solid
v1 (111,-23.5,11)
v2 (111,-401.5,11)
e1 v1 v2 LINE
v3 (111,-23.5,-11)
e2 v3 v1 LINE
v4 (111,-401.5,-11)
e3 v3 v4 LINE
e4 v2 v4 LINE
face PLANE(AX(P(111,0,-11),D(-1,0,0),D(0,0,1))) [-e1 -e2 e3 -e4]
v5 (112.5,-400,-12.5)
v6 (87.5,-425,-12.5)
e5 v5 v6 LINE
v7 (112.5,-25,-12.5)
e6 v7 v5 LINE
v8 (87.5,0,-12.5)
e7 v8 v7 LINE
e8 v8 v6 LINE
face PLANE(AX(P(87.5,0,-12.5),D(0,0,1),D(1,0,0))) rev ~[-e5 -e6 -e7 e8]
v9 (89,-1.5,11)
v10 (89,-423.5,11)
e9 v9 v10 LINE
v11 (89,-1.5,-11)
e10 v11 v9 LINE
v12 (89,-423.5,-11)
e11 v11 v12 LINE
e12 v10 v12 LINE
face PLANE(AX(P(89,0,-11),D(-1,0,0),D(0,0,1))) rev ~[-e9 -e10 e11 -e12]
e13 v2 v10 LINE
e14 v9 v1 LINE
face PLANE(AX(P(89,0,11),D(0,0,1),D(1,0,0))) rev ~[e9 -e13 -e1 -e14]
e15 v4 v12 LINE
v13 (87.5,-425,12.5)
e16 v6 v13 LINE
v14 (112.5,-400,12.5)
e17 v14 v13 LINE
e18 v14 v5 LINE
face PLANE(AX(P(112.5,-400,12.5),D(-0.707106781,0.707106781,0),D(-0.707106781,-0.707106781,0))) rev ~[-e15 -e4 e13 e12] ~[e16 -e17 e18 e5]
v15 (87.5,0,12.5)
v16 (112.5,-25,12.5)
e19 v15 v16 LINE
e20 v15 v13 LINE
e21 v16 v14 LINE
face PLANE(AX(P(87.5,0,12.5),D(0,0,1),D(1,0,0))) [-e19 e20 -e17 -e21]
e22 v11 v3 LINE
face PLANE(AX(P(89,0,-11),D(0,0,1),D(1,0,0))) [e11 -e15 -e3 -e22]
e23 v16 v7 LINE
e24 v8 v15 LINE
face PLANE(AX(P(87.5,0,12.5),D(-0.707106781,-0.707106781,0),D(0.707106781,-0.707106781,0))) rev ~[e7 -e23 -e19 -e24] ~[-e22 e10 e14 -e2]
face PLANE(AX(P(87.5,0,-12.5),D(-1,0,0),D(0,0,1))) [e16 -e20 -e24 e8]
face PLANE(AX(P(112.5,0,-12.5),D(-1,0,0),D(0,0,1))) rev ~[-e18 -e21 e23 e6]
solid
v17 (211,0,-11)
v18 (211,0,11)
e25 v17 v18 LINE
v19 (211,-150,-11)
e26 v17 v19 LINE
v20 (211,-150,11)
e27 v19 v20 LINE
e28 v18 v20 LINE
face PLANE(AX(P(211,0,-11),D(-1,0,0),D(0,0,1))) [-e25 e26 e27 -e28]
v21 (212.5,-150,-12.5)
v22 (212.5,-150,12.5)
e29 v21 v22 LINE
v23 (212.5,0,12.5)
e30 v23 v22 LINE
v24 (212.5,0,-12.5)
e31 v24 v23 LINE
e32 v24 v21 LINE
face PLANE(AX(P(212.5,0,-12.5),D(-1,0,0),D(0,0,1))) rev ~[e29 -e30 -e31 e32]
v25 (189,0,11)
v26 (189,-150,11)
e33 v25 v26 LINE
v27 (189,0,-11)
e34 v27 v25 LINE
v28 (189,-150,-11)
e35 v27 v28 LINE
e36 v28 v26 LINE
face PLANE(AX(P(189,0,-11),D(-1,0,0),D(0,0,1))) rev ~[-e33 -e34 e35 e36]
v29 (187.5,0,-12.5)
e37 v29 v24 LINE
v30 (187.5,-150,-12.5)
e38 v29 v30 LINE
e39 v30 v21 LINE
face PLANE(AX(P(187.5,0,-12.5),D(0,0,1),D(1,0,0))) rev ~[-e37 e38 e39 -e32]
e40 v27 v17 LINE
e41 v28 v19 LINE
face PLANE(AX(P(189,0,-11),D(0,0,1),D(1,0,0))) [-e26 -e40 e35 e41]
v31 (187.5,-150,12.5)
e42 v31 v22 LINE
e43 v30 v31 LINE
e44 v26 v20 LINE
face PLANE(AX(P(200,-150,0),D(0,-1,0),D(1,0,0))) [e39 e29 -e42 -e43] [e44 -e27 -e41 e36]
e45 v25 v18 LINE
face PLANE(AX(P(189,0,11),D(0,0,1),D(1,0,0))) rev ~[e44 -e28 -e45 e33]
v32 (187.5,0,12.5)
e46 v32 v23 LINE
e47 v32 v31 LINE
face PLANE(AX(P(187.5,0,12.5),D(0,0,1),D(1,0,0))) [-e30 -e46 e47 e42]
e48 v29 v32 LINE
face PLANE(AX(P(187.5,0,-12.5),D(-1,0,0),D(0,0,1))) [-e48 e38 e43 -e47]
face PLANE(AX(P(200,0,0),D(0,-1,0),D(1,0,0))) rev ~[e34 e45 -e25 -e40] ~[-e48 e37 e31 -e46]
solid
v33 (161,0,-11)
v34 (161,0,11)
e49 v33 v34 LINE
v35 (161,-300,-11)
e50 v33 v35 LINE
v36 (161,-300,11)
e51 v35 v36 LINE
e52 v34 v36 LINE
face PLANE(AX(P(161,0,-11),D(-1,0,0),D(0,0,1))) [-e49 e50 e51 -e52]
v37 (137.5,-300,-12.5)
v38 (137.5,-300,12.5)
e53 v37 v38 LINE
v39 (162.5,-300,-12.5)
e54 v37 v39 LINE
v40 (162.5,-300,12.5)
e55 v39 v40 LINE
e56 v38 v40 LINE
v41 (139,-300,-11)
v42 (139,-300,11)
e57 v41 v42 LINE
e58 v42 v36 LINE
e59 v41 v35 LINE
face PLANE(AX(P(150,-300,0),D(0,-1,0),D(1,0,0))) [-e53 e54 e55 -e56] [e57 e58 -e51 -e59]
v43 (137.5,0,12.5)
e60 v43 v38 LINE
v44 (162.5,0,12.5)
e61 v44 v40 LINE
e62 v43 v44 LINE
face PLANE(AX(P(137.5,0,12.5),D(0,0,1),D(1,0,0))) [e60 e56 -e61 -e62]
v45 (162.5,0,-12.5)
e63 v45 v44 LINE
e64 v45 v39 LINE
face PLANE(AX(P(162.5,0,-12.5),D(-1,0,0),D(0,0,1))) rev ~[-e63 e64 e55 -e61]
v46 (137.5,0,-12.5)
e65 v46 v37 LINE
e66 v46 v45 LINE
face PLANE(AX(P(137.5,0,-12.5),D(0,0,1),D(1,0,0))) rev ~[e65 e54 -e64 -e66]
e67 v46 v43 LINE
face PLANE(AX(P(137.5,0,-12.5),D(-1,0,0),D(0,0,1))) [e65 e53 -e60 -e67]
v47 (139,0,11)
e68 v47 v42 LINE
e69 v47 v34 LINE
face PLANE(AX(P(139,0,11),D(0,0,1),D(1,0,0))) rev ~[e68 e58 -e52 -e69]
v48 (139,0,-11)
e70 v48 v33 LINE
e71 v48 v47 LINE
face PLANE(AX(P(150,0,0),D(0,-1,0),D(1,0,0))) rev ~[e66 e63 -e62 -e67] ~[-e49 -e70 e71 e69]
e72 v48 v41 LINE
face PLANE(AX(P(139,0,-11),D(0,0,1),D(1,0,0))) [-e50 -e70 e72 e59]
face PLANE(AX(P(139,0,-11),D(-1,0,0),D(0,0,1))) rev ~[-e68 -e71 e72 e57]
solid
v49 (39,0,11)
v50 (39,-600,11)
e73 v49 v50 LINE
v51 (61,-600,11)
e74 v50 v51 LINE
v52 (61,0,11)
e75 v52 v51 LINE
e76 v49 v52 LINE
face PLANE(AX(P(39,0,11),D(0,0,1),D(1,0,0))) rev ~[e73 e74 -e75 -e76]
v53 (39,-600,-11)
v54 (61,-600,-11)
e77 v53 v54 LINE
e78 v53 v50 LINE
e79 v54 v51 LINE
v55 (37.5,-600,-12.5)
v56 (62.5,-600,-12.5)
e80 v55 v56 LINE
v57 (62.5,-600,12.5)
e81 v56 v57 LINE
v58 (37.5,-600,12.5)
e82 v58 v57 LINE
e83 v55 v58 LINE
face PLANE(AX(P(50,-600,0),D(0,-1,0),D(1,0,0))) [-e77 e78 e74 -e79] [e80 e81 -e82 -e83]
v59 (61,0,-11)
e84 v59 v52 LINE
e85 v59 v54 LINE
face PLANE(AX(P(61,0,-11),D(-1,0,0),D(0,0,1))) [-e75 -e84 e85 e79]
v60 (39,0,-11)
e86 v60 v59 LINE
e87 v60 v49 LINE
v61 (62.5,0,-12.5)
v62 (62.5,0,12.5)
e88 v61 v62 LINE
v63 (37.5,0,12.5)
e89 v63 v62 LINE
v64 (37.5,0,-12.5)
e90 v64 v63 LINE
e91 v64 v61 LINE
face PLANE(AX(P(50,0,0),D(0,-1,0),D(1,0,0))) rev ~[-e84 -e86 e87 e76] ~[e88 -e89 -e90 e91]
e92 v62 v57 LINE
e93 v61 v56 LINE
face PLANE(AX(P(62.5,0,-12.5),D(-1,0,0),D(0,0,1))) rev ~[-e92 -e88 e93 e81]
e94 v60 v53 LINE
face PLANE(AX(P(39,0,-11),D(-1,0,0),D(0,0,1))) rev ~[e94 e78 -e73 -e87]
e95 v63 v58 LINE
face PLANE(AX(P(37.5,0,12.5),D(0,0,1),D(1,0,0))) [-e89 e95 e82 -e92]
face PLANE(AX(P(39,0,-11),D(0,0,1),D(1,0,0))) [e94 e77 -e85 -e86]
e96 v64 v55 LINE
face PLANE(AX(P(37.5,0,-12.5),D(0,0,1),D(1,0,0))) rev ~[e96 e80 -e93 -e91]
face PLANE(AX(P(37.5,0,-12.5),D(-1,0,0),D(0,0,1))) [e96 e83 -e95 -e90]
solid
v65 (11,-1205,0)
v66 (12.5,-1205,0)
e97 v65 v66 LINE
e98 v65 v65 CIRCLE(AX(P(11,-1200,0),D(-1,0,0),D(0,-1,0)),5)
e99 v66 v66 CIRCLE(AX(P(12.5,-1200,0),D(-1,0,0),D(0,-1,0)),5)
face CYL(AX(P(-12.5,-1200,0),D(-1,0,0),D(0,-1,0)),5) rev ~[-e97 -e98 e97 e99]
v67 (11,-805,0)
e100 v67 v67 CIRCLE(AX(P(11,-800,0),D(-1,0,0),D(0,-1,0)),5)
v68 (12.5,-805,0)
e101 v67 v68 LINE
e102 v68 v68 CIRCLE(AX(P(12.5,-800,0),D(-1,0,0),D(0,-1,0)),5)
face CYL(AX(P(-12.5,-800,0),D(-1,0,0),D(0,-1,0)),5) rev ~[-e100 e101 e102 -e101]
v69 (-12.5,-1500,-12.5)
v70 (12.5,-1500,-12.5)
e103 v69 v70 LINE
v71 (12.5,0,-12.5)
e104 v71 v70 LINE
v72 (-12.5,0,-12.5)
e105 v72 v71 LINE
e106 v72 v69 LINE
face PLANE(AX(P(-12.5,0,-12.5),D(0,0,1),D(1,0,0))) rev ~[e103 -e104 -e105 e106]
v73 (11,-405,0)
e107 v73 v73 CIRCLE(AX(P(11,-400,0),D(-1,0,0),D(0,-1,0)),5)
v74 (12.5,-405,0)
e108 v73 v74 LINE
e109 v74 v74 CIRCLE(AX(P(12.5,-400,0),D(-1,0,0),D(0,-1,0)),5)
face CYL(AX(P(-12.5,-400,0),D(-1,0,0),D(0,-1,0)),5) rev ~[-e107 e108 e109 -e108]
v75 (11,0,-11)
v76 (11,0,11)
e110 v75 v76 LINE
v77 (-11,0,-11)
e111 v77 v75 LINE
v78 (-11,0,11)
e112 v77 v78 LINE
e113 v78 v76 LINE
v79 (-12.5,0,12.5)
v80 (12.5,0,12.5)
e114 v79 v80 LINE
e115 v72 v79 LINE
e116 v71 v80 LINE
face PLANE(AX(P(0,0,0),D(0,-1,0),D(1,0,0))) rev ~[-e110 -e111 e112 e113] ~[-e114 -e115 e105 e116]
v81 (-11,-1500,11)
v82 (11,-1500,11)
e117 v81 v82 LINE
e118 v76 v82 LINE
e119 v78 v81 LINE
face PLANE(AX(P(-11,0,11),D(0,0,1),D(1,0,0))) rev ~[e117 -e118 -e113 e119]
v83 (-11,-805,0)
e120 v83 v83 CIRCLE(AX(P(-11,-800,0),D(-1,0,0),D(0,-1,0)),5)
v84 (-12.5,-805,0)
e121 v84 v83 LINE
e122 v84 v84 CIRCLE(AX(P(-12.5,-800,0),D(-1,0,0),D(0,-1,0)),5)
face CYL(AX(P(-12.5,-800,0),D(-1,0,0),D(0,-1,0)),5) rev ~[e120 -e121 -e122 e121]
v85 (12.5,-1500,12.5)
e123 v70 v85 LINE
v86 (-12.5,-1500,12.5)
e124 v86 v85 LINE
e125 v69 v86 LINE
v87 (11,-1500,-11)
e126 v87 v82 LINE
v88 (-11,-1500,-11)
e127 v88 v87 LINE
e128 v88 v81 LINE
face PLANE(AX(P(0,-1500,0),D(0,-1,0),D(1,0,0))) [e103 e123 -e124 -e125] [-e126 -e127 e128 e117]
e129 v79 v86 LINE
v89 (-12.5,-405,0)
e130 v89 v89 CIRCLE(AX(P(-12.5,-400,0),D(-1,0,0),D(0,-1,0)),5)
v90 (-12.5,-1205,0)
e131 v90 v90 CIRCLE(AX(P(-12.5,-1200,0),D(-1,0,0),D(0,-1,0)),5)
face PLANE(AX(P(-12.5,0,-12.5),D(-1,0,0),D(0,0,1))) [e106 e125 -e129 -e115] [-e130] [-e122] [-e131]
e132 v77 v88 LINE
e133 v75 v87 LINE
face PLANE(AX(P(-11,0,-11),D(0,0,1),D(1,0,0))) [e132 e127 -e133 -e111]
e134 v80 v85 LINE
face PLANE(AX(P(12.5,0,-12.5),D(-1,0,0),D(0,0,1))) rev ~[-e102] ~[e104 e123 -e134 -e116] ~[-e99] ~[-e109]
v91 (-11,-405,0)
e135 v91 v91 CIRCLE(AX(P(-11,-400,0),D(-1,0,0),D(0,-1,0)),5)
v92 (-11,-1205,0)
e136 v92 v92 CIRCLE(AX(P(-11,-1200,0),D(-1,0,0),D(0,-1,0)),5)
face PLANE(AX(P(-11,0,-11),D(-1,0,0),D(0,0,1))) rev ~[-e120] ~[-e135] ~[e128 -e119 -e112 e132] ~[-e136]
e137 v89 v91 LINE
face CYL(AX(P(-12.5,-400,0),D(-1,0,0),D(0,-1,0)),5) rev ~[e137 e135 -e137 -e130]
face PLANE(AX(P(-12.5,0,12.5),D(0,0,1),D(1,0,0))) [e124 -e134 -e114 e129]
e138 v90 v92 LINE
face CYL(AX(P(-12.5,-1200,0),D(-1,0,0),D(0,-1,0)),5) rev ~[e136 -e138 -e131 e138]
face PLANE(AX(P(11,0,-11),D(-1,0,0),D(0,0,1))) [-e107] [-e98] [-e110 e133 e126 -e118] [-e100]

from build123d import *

# Parameters (mm, degrees)
F0_W      = 25
F0_H      = 25
F0_W_2    = 22
F0_H_2    = 22
F1_DEPTH  = 1500
F2_W      = 25
F2_H      = 25
F2_W_2    = 22
F2_H_2    = 22
F3_DEPTH  = 600
F4_W      = 25
F4_H      = 25
F4_W_2    = 22
F4_H_2    = 22
F5_DEPTH  = 425
F7_DEPTH  = 25
F8_W      = 25
F8_H      = 25
F8_W_2    = 22
F8_H_2    = 22
F9_DEPTH  = 300
F10_R     = 5
F11_DEPTH = 25
F12_W     = 25
F12_H     = 25
F12_W_2   = 22
F12_H_2   = 22
F13_DEPTH = 150


with BuildPart() as f1:
    # F0 (on Front) → F1 (new body)
    with BuildSketch(Plane.XZ):
        Rectangle(F0_W, F0_H)
        Rectangle(F0_W_2, F0_H_2, mode=Mode.SUBTRACT)
    extrude(amount=F1_DEPTH)

    # F10 (on face) → F11 (cut)
    with BuildSketch(Plane(origin=(-12.5, 0, 0), x_dir=(0, -1, 0), z_dir=(-1, 0, 0))):
        with Locations((400, 0)):
            Circle(F10_R)
        with Locations((800, 0)):
            Circle(F10_R)
        with Locations((1200, 0)):
            Circle(F10_R)
    extrude(amount=-F11_DEPTH, mode=Mode.SUBTRACT)


with BuildPart() as f3:
    # F2 (on Front) → F3 (new body)
    with BuildSketch(Plane.XZ):
        with Locations((50, 0)):
            Rectangle(F2_W, F2_H)
        with Locations((50, 0)):
            Rectangle(F2_W_2, F2_H_2, mode=Mode.SUBTRACT)
    extrude(amount=F3_DEPTH)


with BuildPart() as f5:
    # F4 (on Front) → F5 (new body)
    with BuildSketch(Plane.XZ):
        with Locations((100, 0)):
            Rectangle(F4_W, F4_H)
        with Locations((100, 0)):
            Rectangle(F4_W_2, F4_H_2, mode=Mode.SUBTRACT)
    extrude(amount=F5_DEPTH)

    # F6 (on face) → F7 (cut)
    with BuildSketch(Plane.XY.offset(12.5)):
        Polygon((87.5, -425), (112.5, -425), (112.5, -400), align=None)
        Polygon((112.5, -25), (112.5, 0), (87.5, 0), align=None)
    extrude(amount=-F7_DEPTH, mode=Mode.SUBTRACT)


with BuildPart() as f9:
    # F8 (on Front) → F9 (new body)
    with BuildSketch(Plane.XZ):
        with Locations((150, 0)):
            Rectangle(F8_W, F8_H)
        with Locations((150, 0)):
            Rectangle(F8_W_2, F8_H_2, mode=Mode.SUBTRACT)
    extrude(amount=F9_DEPTH)


with BuildPart() as f13:
    # F12 (on Front) → F13 (new body)
    with BuildSketch(Plane.XZ):
        with Locations((200, 0)):
            Rectangle(F12_W, F12_H)
        with Locations((200, 0)):
            Rectangle(F12_W_2, F12_H_2, mode=Mode.SUBTRACT)
    extrude(amount=F13_DEPTH)


solid = Compound([f1.part, f3.part, f5.part, f9.part, f13.part])
